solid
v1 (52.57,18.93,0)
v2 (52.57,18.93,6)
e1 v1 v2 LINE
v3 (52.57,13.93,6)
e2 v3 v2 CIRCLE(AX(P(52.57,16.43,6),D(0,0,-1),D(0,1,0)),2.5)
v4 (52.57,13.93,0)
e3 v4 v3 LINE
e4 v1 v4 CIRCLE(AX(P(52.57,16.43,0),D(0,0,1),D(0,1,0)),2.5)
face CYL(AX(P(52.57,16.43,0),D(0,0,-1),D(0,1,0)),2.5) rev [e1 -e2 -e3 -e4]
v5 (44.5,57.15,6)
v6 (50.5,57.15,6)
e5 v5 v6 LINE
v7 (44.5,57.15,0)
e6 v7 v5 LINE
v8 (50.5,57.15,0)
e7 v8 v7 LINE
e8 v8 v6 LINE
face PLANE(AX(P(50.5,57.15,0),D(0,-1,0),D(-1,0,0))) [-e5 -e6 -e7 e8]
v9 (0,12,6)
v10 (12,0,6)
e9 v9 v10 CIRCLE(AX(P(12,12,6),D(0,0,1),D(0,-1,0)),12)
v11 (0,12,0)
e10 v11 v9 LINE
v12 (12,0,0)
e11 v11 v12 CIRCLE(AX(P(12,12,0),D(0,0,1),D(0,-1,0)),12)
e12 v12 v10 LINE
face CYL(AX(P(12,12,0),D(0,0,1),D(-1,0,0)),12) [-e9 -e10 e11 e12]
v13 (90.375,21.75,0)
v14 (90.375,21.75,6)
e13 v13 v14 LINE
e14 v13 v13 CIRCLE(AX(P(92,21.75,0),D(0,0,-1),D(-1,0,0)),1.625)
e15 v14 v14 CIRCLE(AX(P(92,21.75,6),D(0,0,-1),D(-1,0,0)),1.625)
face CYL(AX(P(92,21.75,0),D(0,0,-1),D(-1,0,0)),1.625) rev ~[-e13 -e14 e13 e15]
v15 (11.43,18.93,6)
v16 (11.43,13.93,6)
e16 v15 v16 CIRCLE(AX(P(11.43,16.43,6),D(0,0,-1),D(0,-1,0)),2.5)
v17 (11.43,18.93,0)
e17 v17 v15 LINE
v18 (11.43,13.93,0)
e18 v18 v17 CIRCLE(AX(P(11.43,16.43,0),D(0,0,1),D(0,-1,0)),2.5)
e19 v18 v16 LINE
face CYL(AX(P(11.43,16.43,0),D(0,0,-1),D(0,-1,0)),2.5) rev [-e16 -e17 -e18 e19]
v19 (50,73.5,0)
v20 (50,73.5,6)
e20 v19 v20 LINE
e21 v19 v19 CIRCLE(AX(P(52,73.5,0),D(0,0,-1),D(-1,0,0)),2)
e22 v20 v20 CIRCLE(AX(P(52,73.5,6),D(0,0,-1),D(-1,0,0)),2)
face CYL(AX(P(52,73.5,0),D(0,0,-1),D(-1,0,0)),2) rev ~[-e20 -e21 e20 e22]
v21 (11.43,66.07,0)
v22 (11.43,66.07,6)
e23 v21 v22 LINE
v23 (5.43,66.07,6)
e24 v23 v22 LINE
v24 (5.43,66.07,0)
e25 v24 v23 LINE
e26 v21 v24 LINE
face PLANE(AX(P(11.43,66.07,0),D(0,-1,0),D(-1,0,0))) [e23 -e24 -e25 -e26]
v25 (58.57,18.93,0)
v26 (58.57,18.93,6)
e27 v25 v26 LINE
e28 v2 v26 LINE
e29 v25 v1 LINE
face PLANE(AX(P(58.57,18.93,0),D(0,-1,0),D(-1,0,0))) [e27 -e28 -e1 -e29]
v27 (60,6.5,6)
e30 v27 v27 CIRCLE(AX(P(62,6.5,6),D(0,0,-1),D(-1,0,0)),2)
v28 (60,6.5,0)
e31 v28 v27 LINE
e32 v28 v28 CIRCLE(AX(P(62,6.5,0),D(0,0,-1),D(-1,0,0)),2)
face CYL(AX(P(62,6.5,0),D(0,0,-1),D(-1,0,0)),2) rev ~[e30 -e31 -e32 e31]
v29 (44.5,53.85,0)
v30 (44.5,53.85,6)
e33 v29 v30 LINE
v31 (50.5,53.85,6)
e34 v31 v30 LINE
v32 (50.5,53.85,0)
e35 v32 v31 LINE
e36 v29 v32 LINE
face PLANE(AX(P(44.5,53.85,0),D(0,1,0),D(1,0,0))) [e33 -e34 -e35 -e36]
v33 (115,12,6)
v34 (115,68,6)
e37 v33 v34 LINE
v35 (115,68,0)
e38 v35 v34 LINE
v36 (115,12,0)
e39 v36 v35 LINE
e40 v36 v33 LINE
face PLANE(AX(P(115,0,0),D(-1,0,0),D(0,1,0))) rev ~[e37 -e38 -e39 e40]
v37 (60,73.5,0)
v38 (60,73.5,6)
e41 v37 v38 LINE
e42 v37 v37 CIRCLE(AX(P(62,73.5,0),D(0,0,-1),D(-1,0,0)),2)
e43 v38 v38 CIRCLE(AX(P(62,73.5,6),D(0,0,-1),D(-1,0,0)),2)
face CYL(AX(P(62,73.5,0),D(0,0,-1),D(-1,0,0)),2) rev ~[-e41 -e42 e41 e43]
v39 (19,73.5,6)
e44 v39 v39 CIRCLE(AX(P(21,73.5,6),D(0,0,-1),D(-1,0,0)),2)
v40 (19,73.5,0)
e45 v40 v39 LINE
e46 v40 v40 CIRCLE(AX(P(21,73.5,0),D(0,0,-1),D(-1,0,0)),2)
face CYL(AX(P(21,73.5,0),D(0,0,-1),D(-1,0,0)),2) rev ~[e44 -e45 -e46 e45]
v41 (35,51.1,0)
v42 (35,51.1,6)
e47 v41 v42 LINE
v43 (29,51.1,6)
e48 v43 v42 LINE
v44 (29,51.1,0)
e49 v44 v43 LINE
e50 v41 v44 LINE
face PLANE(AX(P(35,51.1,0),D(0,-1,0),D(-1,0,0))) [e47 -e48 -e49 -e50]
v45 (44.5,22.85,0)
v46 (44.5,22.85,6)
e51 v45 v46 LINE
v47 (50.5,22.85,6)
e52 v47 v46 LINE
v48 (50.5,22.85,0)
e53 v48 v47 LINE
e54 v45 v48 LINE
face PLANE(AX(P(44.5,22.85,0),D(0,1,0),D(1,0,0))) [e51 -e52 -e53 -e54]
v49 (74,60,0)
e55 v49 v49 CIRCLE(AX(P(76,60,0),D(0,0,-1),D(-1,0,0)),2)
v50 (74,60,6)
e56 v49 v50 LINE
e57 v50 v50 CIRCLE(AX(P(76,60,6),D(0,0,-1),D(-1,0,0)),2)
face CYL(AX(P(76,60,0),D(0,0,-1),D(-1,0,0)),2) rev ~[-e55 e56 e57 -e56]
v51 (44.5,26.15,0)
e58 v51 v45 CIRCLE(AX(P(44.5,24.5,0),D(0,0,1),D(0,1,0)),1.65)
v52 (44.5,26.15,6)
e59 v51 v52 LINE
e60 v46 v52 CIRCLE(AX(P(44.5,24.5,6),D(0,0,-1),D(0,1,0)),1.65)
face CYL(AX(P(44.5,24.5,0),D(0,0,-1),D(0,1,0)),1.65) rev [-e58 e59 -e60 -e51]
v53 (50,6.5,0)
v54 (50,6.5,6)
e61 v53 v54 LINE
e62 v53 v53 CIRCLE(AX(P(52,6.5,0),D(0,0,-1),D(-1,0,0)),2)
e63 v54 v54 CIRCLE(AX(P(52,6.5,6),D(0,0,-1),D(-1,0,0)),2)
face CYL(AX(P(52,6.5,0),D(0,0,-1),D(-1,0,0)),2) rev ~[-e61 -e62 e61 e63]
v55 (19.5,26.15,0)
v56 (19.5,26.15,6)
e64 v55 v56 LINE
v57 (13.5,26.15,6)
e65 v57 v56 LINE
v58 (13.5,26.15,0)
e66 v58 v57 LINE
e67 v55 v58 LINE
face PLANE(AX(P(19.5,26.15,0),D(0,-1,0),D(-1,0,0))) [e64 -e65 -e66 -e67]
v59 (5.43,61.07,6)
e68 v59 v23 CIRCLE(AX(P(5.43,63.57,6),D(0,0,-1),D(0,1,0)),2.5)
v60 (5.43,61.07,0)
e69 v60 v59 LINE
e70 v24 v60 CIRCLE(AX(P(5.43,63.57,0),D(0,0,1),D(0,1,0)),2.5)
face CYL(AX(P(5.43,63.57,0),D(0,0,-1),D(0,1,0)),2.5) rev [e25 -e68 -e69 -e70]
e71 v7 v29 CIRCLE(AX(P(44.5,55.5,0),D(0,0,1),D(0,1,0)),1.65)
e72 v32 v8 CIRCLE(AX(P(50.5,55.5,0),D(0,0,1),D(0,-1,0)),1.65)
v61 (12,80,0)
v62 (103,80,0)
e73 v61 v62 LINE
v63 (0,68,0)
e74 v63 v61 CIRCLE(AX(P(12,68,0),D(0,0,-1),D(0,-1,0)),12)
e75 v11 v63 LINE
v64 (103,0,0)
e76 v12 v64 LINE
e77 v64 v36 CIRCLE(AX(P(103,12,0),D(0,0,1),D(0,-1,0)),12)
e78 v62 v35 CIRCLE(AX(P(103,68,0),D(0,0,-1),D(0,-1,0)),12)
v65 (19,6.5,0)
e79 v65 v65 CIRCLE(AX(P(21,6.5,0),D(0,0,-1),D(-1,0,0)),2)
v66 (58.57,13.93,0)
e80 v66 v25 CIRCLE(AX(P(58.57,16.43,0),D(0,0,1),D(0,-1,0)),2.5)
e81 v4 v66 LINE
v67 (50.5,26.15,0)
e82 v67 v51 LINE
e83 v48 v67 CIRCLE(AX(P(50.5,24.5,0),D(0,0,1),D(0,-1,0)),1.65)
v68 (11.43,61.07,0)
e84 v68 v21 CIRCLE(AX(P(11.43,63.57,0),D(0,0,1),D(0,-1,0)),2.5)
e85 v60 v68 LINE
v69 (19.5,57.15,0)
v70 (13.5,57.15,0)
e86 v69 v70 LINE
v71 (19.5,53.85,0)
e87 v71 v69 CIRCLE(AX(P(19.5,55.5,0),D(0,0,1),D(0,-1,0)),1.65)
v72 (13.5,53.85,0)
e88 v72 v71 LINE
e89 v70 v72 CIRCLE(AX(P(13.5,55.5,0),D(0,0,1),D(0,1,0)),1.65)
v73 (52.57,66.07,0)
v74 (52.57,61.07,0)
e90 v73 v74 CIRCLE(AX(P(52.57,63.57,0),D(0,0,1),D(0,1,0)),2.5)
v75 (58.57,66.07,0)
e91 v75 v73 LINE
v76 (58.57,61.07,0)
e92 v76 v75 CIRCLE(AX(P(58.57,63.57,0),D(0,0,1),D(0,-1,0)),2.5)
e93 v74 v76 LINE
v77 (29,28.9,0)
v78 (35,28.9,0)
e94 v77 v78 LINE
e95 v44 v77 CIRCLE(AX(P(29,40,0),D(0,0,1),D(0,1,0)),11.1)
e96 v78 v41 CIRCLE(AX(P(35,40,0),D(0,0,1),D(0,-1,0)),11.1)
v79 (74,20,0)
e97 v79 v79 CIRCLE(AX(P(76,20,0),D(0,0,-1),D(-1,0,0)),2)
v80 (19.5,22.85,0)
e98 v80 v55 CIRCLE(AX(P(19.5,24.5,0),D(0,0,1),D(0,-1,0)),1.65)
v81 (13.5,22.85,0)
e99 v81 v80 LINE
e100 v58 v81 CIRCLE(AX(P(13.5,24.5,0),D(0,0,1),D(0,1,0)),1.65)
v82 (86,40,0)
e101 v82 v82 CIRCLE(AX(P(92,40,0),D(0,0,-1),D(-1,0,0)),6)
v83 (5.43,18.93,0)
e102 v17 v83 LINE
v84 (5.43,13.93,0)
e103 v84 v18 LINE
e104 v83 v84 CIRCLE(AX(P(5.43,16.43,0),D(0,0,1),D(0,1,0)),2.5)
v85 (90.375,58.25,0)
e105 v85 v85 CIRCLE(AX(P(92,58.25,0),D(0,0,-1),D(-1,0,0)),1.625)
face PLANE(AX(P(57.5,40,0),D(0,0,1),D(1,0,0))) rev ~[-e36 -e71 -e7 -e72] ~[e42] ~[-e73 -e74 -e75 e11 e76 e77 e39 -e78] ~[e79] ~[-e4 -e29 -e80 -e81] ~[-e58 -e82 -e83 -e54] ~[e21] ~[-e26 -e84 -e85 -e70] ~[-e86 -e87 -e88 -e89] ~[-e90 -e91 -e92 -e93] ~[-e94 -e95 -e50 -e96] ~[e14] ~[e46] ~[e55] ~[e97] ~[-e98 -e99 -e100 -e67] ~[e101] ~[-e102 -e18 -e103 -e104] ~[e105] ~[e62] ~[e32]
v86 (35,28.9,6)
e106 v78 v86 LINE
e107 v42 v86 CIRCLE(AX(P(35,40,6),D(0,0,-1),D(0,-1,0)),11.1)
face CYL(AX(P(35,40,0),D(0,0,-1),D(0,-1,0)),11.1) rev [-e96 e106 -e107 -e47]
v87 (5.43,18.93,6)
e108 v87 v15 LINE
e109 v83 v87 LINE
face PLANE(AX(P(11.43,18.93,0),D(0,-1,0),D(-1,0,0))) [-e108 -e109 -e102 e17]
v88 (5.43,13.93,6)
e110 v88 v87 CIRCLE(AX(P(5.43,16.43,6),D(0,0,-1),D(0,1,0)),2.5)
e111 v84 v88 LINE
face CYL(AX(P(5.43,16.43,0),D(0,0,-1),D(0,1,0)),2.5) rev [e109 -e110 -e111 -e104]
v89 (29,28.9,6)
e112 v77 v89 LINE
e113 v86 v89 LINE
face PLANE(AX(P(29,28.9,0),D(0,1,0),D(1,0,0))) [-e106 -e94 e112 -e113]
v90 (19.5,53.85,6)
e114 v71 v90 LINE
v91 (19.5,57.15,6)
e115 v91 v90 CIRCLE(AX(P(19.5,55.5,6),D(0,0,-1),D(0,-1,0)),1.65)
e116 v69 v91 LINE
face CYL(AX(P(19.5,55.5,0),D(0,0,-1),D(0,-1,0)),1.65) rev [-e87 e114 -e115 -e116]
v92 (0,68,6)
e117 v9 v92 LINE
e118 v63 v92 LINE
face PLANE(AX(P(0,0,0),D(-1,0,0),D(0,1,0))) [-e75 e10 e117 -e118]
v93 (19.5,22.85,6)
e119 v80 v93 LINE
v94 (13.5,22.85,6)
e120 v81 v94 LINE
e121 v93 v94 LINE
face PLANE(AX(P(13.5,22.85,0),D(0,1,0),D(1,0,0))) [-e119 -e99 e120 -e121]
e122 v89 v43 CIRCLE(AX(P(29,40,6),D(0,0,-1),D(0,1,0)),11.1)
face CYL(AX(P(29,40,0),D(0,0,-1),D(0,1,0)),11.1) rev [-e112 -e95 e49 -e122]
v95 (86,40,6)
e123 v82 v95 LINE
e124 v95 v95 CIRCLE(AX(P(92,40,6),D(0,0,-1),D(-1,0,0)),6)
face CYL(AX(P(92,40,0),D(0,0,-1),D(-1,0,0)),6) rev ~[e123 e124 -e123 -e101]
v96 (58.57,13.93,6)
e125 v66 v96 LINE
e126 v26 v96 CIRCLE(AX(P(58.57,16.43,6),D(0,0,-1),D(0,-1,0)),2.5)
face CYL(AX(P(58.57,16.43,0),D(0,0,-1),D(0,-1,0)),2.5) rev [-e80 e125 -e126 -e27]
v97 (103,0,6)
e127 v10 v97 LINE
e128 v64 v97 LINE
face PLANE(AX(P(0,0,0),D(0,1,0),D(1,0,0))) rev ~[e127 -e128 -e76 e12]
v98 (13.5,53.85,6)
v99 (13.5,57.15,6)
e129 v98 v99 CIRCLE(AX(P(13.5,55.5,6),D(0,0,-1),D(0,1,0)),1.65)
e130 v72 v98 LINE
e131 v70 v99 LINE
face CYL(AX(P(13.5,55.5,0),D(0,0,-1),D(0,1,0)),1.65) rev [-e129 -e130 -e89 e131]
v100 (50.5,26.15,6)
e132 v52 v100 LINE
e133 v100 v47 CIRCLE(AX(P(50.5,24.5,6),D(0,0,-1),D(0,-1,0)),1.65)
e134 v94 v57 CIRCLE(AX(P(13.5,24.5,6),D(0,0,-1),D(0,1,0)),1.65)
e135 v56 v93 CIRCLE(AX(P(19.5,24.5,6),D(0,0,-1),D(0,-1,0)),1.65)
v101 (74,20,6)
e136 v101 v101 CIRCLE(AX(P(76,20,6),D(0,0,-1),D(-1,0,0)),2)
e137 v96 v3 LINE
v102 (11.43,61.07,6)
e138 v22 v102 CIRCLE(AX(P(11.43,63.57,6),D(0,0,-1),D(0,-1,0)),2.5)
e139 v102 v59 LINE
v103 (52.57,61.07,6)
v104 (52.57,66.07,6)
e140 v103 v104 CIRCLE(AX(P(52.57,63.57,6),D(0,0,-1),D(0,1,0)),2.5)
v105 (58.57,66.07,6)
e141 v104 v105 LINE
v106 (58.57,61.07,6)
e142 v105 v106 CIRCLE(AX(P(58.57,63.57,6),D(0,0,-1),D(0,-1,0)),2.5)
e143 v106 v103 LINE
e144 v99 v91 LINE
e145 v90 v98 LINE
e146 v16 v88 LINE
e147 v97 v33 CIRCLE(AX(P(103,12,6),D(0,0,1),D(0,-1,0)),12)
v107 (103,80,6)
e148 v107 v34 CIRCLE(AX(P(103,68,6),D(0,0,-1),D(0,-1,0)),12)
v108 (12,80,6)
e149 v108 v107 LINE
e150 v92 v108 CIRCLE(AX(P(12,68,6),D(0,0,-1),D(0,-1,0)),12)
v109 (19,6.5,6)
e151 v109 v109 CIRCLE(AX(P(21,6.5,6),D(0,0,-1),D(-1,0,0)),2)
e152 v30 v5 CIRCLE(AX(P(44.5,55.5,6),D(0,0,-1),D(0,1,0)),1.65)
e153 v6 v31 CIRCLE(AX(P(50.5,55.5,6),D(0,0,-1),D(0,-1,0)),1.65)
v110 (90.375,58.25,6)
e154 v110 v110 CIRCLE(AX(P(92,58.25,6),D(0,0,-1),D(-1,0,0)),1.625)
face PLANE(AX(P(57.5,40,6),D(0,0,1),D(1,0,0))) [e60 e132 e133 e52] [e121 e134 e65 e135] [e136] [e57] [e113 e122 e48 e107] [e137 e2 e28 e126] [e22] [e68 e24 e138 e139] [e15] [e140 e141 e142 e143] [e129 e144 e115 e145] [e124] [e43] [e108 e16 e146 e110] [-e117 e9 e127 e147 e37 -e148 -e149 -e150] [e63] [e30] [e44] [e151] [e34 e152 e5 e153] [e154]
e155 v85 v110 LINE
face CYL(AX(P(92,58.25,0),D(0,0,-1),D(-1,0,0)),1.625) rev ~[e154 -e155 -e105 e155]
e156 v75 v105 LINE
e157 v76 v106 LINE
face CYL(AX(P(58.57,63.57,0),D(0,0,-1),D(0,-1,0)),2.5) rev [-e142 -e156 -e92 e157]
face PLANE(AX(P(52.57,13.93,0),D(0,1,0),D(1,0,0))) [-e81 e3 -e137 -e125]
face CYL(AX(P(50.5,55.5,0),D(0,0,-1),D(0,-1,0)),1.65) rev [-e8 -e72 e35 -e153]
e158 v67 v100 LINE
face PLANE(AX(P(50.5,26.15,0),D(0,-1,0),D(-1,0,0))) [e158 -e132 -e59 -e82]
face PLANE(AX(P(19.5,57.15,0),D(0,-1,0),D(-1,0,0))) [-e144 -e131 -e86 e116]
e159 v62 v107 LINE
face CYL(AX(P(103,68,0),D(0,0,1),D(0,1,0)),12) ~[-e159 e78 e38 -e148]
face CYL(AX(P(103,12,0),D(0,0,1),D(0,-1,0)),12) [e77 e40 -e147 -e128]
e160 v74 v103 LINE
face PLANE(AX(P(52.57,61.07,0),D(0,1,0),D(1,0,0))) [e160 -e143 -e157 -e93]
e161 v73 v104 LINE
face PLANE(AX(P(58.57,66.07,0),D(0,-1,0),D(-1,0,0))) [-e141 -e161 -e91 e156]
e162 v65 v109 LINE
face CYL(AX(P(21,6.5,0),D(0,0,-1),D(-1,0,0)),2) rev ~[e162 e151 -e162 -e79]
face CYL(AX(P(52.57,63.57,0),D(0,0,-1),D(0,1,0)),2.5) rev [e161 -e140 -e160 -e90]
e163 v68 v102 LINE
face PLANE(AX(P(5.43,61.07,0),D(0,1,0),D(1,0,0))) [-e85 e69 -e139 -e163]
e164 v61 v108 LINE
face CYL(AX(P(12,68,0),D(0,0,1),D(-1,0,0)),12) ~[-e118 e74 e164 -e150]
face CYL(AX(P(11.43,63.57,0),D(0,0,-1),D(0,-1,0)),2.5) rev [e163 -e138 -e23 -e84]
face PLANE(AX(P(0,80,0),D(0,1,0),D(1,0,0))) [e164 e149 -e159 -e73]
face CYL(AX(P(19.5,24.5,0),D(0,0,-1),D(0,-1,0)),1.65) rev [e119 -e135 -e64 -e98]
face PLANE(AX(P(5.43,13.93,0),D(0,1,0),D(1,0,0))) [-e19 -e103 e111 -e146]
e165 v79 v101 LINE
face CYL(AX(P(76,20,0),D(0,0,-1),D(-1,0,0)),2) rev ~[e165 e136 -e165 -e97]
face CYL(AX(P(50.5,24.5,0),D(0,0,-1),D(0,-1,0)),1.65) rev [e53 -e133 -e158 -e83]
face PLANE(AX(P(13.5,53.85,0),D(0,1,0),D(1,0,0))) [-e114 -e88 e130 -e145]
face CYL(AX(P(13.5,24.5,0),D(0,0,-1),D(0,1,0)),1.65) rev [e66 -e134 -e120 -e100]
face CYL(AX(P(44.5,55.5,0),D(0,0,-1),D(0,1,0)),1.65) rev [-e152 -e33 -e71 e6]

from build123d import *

# Parameters (mm, degrees)
CROQUIS1_W              = 115
CROQUIS1_H              = 80
SALIENTE_EXTRUIR1_DEPTH = 6
CROQUIS2_R              = 6
CROQUIS2_R_2            = 1.625
CROQUIS2_R_3            = 2
CORTAR_EXTRUIR1_DEPTH   = 7
REDONDEO1_R             = 12
CROQUIS3_R              = 2
CORTAR_EXTRUIR2_DEPTH   = 7


with BuildPart() as part:
    # Croquis1 → Saliente-Extruir1 (new body)
    with BuildSketch(Plane.XY):
        with Locations((57.5, 40)):
            Rectangle(CROQUIS1_W, CROQUIS1_H)
    extrude(amount=SALIENTE_EXTRUIR1_DEPTH)

    # Croquis2 → Cortar-Extruir1 (cut, through all)
    with BuildSketch(Plane(origin=(0, 0, 0), x_dir=(-1, 0, 0), z_dir=(0, 0, -1))):
        with Locations((-92, 40)):
            Circle(CROQUIS2_R)
        with Locations((-92, 21.75)):
            Circle(CROQUIS2_R_2)
        with Locations((-92, 58.25)):
            Circle(CROQUIS2_R_2)
        with Locations((-76, 20)):
            Circle(CROQUIS2_R_3)
        with Locations((-76, 60)):
            Circle(CROQUIS2_R_3)
        with BuildLine():
            Line((-29, 28.9), (-35, 28.9))
            ThreePointArc((-35, 28.9), (-46.1, 40), (-35, 51.1))
            Line((-35, 51.1), (-29, 51.1))
            ThreePointArc((-29, 51.1), (-17.9, 40), (-29, 28.9))
        make_face()
        with BuildLine():
            Line((-13.5, 22.85), (-19.5, 22.85))
            ThreePointArc((-19.5, 22.85), (-21.15, 24.5), (-19.5, 26.15))
            Line((-19.5, 26.15), (-13.5, 26.15))
            ThreePointArc((-13.5, 26.15), (-11.85, 24.5), (-13.5, 22.85))
        make_face()
        with BuildLine():
            Line((-44.5, 53.85), (-50.5, 53.85))
            ThreePointArc((-50.5, 53.85), (-52.15, 55.5), (-50.5, 57.15))
            Line((-50.5, 57.15), (-44.5, 57.15))
            ThreePointArc((-44.5, 57.15), (-42.85, 55.5), (-44.5, 53.85))
        make_face()
        with BuildLine():
            Line((-44.5, 22.85), (-50.5, 22.85))
            ThreePointArc((-50.5, 22.85), (-52.15, 24.5), (-50.5, 26.15))
            Line((-50.5, 26.15), (-44.5, 26.15))
            ThreePointArc((-44.5, 26.15), (-42.85, 24.5), (-44.5, 22.85))
        make_face()
        with BuildLine():
            Line((-13.5, 53.85), (-19.5, 53.85))
            ThreePointArc((-19.5, 53.85), (-21.15, 55.5), (-19.5, 57.15))
            Line((-19.5, 57.15), (-13.5, 57.15))
            ThreePointArc((-13.5, 57.15), (-11.85, 55.5), (-13.5, 53.85))
        make_face()
        with BuildLine():
            Line((-52.57, 13.93), (-58.57, 13.93))
            ThreePointArc((-58.57, 13.93), (-61.07, 16.43), (-58.57, 18.93))
            Line((-58.57, 18.93), (-52.57, 18.93))
            ThreePointArc((-52.57, 18.93), (-50.07, 16.43), (-52.57, 13.93))
        make_face()
        with BuildLine():
            Line((-5.43, 13.93), (-11.43, 13.93))
            ThreePointArc((-11.43, 13.93), (-13.93, 16.43), (-11.43, 18.93))
            Line((-11.43, 18.93), (-5.43, 18.93))
            ThreePointArc((-5.43, 18.93), (-2.93, 16.43), (-5.43, 13.93))
        make_face()
        with BuildLine():
            Line((-52.57, 61.07), (-58.57, 61.07))
            ThreePointArc((-58.57, 61.07), (-61.07, 63.57), (-58.57, 66.07))
            Line((-58.57, 66.07), (-52.57, 66.07))
            ThreePointArc((-52.57, 66.07), (-50.07, 63.57), (-52.57, 61.07))
        make_face()
        with BuildLine():
            Line((-5.43, 61.07), (-11.43, 61.07))
            ThreePointArc((-11.43, 61.07), (-13.93, 63.57), (-11.43, 66.07))
            Line((-11.43, 66.07), (-5.43, 66.07))
            ThreePointArc((-5.43, 66.07), (-2.93, 63.57), (-5.43, 61.07))
        make_face()
    extrude(amount=-CORTAR_EXTRUIR1_DEPTH, mode=Mode.SUBTRACT)

    # Redondeo1
    redondeo1_edges = [part.edges().sort_by_distance(p)[0] for p in [
        (0, 80, 3),
        (115, 80, 3),
        (115, 0, 3),
        (0, 0, 3),
    ]]
    fillet(redondeo1_edges, radius=REDONDEO1_R)

    # Croquis3 → Cortar-Extruir2 (cut, through all)
    with BuildSketch(Plane(origin=(0, 0, 0), x_dir=(-1, 0, 0), z_dir=(0, 0, -1))):
        with Locations((-21, 6.5)):
            Circle(CROQUIS3_R)
        with Locations((-62, 6.5)):
            Circle(CROQUIS3_R)
        with Locations((-62, 73.5)):
            Circle(CROQUIS3_R)
        with Locations((-21, 73.5)):
            Circle(CROQUIS3_R)
        with Locations((-52, 6.5)):
            Circle(CROQUIS3_R)
        with Locations((-52, 73.5)):
            Circle(CROQUIS3_R)
    extrude(amount=-CORTAR_EXTRUIR2_DEPTH, mode=Mode.SUBTRACT)


solid = part.part
